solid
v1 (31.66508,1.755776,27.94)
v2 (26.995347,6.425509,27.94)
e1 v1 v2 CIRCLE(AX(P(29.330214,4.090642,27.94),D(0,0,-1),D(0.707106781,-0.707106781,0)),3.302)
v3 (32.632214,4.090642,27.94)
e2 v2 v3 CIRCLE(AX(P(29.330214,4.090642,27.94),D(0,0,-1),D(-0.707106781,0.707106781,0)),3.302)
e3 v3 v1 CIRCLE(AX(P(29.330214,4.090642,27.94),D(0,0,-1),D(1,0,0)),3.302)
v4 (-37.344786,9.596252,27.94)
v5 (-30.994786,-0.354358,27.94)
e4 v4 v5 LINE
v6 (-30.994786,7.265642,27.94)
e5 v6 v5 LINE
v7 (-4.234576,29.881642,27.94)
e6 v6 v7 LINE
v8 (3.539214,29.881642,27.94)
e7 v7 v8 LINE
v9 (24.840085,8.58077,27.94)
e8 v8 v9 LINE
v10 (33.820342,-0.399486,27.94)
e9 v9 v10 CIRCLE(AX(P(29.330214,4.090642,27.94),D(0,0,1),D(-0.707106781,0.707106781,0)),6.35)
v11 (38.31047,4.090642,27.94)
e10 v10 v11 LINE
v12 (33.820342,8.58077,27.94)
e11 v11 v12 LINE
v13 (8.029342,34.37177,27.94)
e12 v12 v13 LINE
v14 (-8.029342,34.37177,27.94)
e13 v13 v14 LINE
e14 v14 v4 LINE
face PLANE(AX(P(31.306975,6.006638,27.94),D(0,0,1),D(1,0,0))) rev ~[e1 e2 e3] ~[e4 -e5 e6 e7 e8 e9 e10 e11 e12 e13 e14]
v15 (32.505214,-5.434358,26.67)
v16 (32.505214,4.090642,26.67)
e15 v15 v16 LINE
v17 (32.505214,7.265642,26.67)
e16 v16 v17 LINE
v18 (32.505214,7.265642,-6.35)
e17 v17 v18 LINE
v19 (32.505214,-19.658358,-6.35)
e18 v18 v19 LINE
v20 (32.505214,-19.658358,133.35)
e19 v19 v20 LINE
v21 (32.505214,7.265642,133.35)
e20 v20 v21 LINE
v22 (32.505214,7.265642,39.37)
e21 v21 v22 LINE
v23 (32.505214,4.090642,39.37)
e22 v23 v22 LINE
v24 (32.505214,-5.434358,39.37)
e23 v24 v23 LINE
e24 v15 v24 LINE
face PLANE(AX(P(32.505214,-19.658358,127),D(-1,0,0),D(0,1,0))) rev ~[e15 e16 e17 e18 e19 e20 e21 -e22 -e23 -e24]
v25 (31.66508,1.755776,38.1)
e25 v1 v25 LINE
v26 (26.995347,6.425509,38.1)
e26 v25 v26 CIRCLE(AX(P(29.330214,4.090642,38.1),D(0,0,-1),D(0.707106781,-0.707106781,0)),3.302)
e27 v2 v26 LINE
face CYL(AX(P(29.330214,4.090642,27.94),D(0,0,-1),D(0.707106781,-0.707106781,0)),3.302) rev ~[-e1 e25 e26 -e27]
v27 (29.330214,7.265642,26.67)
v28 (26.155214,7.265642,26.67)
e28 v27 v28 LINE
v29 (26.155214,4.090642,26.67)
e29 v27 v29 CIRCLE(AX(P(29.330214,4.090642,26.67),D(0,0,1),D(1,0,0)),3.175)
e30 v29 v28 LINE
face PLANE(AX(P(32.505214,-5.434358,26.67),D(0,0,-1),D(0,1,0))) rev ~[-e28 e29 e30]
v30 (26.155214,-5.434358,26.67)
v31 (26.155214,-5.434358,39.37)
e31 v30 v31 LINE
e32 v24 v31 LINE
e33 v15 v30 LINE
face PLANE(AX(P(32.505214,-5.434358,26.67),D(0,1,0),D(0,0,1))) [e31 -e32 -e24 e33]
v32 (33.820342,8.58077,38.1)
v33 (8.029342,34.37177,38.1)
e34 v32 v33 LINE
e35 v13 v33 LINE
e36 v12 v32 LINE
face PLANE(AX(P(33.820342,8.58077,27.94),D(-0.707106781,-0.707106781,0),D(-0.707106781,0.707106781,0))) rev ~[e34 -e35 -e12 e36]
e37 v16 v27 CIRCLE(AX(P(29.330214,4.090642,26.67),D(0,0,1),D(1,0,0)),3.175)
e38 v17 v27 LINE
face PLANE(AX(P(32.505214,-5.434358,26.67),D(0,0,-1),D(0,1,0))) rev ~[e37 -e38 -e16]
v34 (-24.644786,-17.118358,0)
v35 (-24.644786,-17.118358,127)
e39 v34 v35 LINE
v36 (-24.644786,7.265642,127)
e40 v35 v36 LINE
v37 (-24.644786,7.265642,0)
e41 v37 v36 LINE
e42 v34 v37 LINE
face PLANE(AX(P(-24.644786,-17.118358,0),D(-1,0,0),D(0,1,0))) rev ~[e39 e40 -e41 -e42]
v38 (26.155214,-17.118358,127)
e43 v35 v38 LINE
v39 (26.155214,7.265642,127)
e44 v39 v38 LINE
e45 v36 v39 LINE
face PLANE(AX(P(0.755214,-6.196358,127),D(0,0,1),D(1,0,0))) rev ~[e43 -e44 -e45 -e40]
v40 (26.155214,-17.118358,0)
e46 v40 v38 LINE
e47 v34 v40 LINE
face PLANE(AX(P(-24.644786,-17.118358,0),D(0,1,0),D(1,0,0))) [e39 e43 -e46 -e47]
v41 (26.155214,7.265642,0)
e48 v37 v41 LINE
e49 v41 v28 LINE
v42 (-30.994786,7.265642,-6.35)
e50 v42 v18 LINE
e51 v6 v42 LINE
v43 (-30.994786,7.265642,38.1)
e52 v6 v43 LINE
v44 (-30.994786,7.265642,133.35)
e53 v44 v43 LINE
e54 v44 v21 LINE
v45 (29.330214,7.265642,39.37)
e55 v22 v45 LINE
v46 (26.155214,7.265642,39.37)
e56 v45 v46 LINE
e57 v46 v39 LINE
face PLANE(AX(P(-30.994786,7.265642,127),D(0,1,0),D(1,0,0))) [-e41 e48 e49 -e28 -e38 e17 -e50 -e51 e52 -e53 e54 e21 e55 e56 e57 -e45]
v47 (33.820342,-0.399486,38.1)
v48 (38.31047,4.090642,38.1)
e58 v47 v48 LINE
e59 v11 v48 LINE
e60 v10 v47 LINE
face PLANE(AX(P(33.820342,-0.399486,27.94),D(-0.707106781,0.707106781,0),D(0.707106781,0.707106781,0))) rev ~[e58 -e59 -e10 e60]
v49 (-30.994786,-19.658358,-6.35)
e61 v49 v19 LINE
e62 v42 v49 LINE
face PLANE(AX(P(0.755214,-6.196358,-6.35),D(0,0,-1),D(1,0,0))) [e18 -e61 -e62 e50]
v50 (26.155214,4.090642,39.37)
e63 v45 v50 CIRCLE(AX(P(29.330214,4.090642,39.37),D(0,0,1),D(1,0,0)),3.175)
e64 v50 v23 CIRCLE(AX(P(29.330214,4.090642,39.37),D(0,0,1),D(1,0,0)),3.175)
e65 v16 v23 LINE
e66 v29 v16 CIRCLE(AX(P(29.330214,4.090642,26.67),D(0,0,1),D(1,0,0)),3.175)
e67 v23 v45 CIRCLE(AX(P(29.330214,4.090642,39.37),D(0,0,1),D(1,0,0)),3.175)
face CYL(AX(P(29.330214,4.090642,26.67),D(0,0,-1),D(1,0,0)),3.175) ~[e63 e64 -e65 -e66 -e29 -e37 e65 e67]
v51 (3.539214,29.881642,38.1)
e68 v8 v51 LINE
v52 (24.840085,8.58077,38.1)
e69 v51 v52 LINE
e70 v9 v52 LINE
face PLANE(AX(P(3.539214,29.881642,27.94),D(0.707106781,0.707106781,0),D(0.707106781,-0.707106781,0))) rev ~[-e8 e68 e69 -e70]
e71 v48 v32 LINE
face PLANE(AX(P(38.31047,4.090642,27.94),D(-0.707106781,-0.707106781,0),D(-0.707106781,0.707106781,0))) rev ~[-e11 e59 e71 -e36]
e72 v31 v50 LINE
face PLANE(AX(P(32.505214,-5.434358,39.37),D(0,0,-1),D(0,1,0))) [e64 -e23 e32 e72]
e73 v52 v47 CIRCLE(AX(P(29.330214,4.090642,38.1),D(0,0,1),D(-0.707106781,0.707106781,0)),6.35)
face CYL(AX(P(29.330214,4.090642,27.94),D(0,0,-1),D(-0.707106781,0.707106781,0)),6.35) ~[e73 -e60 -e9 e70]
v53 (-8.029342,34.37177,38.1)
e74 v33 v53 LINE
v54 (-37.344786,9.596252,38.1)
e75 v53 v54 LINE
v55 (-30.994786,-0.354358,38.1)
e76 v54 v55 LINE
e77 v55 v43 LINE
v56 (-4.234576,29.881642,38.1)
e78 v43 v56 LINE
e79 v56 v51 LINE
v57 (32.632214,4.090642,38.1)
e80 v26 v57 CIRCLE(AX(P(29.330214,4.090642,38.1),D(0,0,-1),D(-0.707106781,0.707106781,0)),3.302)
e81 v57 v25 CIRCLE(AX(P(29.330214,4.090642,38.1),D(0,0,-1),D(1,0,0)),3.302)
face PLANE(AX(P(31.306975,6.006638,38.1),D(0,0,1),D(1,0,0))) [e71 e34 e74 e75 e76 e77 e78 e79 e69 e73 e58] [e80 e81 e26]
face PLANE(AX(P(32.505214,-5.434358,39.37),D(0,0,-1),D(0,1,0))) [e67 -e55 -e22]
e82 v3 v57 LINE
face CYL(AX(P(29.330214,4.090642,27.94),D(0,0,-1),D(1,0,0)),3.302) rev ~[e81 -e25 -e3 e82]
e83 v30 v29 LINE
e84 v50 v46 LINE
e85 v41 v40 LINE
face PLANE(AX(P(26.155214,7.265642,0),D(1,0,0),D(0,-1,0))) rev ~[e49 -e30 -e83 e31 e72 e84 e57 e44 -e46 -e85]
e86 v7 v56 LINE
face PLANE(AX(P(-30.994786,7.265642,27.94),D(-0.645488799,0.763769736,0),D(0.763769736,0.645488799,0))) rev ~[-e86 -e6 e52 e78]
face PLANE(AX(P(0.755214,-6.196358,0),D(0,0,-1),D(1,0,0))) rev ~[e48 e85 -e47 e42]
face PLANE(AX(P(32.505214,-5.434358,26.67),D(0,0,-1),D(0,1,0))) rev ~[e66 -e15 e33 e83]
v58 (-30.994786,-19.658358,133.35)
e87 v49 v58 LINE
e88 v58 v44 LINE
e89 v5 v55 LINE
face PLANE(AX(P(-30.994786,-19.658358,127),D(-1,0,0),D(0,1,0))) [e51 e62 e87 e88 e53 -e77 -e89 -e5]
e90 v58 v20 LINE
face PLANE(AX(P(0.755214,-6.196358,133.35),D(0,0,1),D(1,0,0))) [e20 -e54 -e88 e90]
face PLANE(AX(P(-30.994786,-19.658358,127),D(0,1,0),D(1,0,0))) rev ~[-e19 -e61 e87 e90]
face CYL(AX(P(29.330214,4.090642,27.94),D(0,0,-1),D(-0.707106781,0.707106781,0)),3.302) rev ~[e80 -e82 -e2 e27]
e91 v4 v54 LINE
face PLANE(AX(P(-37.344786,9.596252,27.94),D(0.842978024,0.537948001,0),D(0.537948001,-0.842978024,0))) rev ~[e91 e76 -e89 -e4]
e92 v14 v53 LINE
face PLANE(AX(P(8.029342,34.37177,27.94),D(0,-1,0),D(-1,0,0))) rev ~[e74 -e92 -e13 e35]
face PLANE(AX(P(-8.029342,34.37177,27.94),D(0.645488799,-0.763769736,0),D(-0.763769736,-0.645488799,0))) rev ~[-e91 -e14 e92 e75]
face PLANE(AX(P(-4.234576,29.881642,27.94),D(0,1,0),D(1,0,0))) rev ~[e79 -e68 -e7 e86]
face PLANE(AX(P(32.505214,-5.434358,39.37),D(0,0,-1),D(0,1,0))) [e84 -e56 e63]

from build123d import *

# Parameters (mm, degrees)
F0_W      = 50.8
F0_H      = 2.54
F1_DEPTH  = 127
F2_W      = 63.5
F2_H      = 26.924
F3_DEPTH  = 6.35
F4_W      = 63.5
F4_H      = 26.924
F5_DEPTH  = 6.35
F6_W      = 12.7
F6_H      = 12.7
F7_DEPTH  = 6.35
F8_R      = 3.175
F9_DEPTH  = 12.7
F11_START = 1.27
F10_W     = 2.54
F10_H     = 2.54
F11_DEPTH = 10.16


with BuildPart() as f1:
    # F0 (on Top) → F1 (new body)
    with BuildSketch(Plane.XY):
        with Locations((0.755213508, -18.3883576206)):
            Rectangle(F0_W, F0_H)
        Polygon((-24.644786492, -19.6583576206), (-24.644786492, -17.1183576206), (-24.644786492, 7.2656423794), (-30.994786492, 7.2656423794), (-30.994786492, -19.6583576206), align=None)
        Polygon((26.155213508, 7.2656423794), (26.155213508, -17.1183576206), (26.155213508, -19.6583576206), (32.505213508, -19.6583576206), (32.505213508, 7.2656423794), align=None)
    extrude(amount=F1_DEPTH)

    # F2 (on face) → F3 (join)
    with BuildSketch(Plane(origin=(0, 0, 0), x_dir=(1, 0, 0), z_dir=(0, 0, -1))):
        with Locations((0.755213508, 6.1963576206)):
            Rectangle(F2_W, F2_H)
    extrude(amount=F3_DEPTH)

    # F4 (on face) → F5 (join)
    with BuildSketch(Plane.XY.offset(127)):
        with Locations((0.755213508, -6.1963576206)):
            Rectangle(F4_W, F4_H)
    extrude(amount=F5_DEPTH)

    # F6 (on face) → F7 (cut, through all)
    with BuildSketch(Plane.YZ.offset(32.505213508)):
        with Locations((0.9156423794, 33.02)):
            Rectangle(F6_W, F6_H)
    extrude(amount=-F7_DEPTH, mode=Mode.SUBTRACT)

    # F8 (on face) → F9 (join, through all)
    with BuildSketch(Plane.XY.offset(26.67)):
        with Locations((29.330213508, 4.0906423794)):
            Circle(F8_R)
    extrude(amount=F9_DEPTH)

    # F10 (on face) → F11 (join)
    with BuildSketch(Plane.XY.offset(26.67).offset(F11_START)):
        with BuildLine():
            ThreePointArc((26.9953469165, 6.4255089708), (30.5938342017, 7.1412925957), (32.632213508, 4.0906423794))
            ThreePointArc((32.632213508, 4.0906423794), (32.3808637244, 2.8270216857), (31.6650800995, 1.7557757879))
            Line((31.6650800995, 1.7557757879), (33.8203415686, -0.3994856812))
            ThreePointArc((33.8203415686, -0.3994856812), (35.1968485395, 1.6606025838), (35.680213508, 4.0906423794))
            ThreePointArc((35.680213508, 4.0906423794), (35.1968485273, 6.5206822043), (33.8203415234, 8.580770485))
            ThreePointArc((33.8203415234, 8.580770485), (29.3302134761, 10.4406423794), (24.8400854475, 8.5807704399))
            Line((24.8400854475, 8.5807704399), (26.9953469165, 6.4255089708))
        make_face()
        with BuildLine():
            ThreePointArc((31.6650800995, 1.7557757879), (26.9953469165, 1.7557757879), (26.9953469165, 6.4255089708))
            Line((26.9953469165, 6.4255089708), (24.8400854475, 8.5807704399))
            ThreePointArc((24.8400854475, 8.5807704399), (24.8400854475, -0.3994856812), (33.8203415686, -0.3994856812))
            Line((33.8203415686, -0.3994856812), (31.6650800995, 1.7557757879))
        make_face()
        with BuildLine():
            Line((3.539213508, 29.8816423794), (24.8400854475, 8.5807704399))
            ThreePointArc((24.8400854475, 8.5807704399), (29.3302134761, 10.4406423794), (33.8203415234, 8.580770485))
            Line((33.8203415234, 8.580770485), (8.0293415685, 34.3717704399))
            Line((8.0293415685, 34.3717704399), (8.0293415685, 29.8816423794))
            Line((8.0293415685, 29.8816423794), (3.539213508, 29.8816423794))
        make_face()
        with BuildLine():
            ThreePointArc((35.680213508, 4.0906423794), (35.1968485395, 1.6606025838), (33.8203415686, -0.3994856812))
            Line((33.8203415686, -0.3994856812), (38.3104696291, 4.0906423794))
            Line((38.3104696291, 4.0906423794), (33.8203415234, 8.580770485))
            ThreePointArc((33.8203415234, 8.580770485), (35.1968485273, 6.5206822043), (35.680213508, 4.0906423794))
        make_face()
        Polygon((-4.2345756454, 29.8816423794), (3.539213508, 29.8816423794), (8.0293415685, 34.3717704399), (-8.0293415685, 34.3717704399), align=None)
        Polygon((8.0293415685, 34.3717704399), (3.539213508, 29.8816423794), (8.0293415685, 29.8816423794), align=None)
        Polygon((-30.994786492, 7.2656423794), (-4.2345756454, 29.8816423794), (-8.0293415685, 29.8816423794), (-8.0293415685, 34.3717704399), (-37.344786492, 9.5962518093), (-33.5500205688, 5.1061237488), align=None)
        Polygon((-8.0293415685, 29.8816423794), (-4.2345756454, 29.8816423794), (-8.0293415685, 34.3717704399), align=None)
        Polygon((-30.994786492, 2.1856423794), (-30.994786492, 7.2656423794), (-33.5500205688, 5.1061237488), (-37.344786492, 9.5962518093), (-30.994786492, -0.3543576206), align=None)
        with Locations((-29.724786492, 0.9156423794)):
            Rectangle(F10_W, F10_H)
    extrude(amount=F11_DEPTH)


solid = f1.part
